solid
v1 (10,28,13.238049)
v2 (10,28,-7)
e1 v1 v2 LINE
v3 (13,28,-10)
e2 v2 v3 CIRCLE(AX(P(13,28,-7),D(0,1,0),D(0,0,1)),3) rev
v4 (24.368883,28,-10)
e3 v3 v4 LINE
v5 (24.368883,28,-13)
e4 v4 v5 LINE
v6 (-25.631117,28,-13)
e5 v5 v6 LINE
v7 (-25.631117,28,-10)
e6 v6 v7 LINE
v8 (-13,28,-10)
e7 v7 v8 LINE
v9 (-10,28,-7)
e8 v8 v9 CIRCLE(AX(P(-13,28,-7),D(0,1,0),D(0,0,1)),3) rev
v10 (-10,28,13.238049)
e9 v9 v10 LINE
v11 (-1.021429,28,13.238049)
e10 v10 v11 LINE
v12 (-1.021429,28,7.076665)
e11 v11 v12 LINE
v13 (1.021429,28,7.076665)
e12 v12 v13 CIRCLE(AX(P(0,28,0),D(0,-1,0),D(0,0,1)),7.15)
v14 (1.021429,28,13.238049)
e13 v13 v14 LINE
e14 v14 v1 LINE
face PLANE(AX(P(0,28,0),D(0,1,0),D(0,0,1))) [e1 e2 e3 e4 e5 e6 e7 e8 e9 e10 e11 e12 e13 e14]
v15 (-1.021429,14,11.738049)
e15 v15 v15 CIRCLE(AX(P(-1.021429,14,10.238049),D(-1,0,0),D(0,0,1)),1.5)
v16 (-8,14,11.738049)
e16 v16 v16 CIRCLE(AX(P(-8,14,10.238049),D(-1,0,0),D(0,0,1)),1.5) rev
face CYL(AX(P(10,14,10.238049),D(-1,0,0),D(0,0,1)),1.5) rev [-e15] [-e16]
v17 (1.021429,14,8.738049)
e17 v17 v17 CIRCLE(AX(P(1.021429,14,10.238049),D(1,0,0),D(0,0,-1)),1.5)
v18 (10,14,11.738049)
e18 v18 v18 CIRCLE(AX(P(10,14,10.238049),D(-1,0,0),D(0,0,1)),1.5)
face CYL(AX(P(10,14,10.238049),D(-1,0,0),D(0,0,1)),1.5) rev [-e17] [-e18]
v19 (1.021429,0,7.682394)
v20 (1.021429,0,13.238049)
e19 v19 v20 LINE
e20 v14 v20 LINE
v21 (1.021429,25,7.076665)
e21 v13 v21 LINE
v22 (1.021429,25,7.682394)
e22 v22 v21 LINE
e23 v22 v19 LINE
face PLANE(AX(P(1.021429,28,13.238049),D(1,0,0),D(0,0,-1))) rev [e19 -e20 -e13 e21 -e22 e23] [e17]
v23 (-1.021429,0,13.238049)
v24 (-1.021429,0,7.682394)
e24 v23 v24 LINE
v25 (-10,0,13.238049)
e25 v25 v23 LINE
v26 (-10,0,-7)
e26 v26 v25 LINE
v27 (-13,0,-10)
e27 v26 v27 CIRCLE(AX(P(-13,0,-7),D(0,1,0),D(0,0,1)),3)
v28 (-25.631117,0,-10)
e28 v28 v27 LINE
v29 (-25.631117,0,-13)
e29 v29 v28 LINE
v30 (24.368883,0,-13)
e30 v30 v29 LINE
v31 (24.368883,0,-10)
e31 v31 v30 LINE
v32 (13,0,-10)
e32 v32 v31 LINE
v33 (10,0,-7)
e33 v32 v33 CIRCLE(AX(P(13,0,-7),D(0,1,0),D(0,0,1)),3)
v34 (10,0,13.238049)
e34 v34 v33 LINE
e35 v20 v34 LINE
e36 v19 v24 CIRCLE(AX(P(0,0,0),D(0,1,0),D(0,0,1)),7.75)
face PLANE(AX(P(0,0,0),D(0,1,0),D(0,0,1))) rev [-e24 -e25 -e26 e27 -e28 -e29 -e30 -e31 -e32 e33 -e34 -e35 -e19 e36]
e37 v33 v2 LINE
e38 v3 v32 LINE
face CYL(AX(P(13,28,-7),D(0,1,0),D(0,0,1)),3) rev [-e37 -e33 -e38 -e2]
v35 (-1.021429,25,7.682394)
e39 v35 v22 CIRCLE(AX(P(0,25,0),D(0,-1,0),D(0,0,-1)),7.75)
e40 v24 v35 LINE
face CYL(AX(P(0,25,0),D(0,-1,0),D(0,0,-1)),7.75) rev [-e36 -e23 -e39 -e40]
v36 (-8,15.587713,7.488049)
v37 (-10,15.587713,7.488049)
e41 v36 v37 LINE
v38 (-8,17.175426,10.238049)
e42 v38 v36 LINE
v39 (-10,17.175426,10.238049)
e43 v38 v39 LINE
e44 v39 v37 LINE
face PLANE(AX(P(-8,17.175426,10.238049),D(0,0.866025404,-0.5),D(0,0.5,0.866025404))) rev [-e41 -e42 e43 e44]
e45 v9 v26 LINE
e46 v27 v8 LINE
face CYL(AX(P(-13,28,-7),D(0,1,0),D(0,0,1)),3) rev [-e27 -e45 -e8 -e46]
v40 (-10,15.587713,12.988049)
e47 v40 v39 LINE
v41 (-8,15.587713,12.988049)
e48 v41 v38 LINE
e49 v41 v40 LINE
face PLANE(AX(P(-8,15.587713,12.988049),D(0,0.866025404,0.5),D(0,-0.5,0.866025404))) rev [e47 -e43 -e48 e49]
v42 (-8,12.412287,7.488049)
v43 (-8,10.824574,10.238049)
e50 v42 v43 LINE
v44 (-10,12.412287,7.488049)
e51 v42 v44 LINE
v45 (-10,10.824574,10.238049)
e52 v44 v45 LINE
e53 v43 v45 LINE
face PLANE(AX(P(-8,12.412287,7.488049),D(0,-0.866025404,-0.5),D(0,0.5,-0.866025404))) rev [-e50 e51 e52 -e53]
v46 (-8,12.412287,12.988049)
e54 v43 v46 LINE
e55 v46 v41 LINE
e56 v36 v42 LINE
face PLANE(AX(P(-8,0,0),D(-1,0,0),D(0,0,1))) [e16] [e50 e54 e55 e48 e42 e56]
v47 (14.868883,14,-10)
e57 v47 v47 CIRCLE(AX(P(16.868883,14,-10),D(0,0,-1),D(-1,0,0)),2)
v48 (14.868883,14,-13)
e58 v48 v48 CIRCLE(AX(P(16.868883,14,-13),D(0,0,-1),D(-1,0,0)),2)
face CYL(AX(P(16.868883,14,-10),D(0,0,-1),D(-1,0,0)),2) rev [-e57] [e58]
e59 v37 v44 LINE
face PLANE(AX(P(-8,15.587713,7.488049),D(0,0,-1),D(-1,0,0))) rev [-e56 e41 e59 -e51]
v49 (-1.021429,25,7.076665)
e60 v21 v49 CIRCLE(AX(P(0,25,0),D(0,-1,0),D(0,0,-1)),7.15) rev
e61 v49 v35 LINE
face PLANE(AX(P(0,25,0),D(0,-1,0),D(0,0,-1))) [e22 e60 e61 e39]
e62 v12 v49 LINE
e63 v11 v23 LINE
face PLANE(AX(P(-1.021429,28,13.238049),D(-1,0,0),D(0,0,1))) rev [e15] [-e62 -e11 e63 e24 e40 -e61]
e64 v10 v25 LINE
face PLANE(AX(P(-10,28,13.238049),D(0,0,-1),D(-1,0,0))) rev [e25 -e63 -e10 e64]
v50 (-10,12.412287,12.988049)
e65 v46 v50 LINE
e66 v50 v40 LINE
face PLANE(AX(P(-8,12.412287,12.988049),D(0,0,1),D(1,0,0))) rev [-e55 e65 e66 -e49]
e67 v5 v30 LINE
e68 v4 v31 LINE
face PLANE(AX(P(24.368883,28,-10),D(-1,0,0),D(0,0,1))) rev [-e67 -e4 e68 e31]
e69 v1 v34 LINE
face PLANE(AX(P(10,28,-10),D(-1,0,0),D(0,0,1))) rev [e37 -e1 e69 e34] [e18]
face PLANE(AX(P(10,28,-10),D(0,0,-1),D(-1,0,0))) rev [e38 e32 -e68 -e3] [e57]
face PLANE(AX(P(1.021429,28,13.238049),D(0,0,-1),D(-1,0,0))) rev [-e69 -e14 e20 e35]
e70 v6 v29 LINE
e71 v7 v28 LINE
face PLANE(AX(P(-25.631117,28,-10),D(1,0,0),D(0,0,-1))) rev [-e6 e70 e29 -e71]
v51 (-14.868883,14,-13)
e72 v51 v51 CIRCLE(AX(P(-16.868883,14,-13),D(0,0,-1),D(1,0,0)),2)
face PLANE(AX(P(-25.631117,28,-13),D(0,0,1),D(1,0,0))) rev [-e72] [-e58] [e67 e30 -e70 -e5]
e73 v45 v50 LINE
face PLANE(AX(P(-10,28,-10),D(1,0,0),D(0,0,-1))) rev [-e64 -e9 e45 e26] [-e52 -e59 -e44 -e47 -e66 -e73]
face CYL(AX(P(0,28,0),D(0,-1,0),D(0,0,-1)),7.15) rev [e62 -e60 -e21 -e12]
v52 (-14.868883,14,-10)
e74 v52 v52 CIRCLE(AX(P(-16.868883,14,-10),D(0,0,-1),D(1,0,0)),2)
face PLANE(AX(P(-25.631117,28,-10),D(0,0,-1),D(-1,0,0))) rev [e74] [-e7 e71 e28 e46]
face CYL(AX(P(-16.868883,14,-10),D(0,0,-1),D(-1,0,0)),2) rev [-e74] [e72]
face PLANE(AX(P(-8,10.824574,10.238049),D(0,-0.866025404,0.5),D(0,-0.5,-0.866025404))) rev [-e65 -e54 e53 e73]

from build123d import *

# Parameters (mm, degrees)
BOSS_EXTRUDE1_DEPTH = 28
SKETCH2_R           = 1.5
CUT_EXTRUDE1_DEPTH  = 20
CUT_EXTRUDE2_DEPTH  = 2
SKETCH4_R           = 2
CUT_EXTRUDE3_DEPTH  = 3
FILLET1_R           = 3
FILLET2_R           = 3
SKETCH5_R           = 7.75
CUT_EXTRUDE4_DEPTH  = 25


with BuildPart() as part:
    # Sketch1 → Boss-Extrude1 (new body)
    with BuildSketch(Plane(origin=(0, 0, 0), x_dir=(1, 0, 0), z_dir=(0, 1, 0))):
        with BuildLine():
            Line((-25.631117397, 10), (-10, 10))
            Line((-10, 10), (-10, -13.238049007))
            Line((-10, -13.238049007), (-1.021428571, -13.238049007))
            Line((-1.021428571, -13.238049007), (-1.021428571, -7.076664728))
            ThreePointArc((-1.021428571, -7.076664728), (0, 7.15), (1.021428571, -7.076664728))
            Line((1.021428571, -7.076664728), (1.021428571, -13.238049007))
            Line((1.021428571, -13.238049007), (10, -13.238049007))
            Line((10, -13.238049007), (10, 10))
            Line((10, 10), (24.368882603, 10))
            Line((24.368882603, 10), (24.368882603, 13))
            Line((24.368882603, 13), (-25.631117397, 13))
            Line((-25.631117397, 13), (-25.631117397, 10))
        make_face()
    extrude(amount=BOSS_EXTRUDE1_DEPTH)

    # Sketch2 → Cut-Extrude1 (cut)
    with BuildSketch(Plane.ZY.offset(10)):
        with Locations((10.238049007, 14)):
            Circle(SKETCH2_R)
    extrude(amount=-CUT_EXTRUDE1_DEPTH, mode=Mode.SUBTRACT)

    # Sketch3 → Cut-Extrude2 (cut)
    with BuildSketch(Plane.ZY.offset(10)):
        Polygon((10.238049007, 17.175426481), (7.488049007, 15.58771324), (7.488049007, 12.41228676), (10.238049007, 10.824573519), (12.988049007, 12.41228676), (12.988049007, 15.58771324), align=None)
    extrude(amount=-CUT_EXTRUDE2_DEPTH, mode=Mode.SUBTRACT)

    # Sketch4 → Cut-Extrude3 (cut)
    with BuildSketch(Plane(origin=(0, 0, -13), x_dir=(-1, 0, 0), z_dir=(0, 0, -1))):
        with Locations((-16.868882603, 14)):
            Circle(SKETCH4_R)
        with Locations(Location((16.868882603, 14, 0), (0, 0, 180))):
            Circle(SKETCH4_R)
    extrude(amount=-CUT_EXTRUDE3_DEPTH, mode=Mode.SUBTRACT)

    # Fillet1
    fillet1_edges = [part.edges().sort_by_distance(p)[0] for p in [
        (10, 14, -10),
    ]]
    fillet(fillet1_edges, radius=FILLET1_R)

    # Fillet2
    fillet2_edges = [part.edges().sort_by_distance(p)[0] for p in [
        (-10, 14, -10),
    ]]
    fillet(fillet2_edges, radius=FILLET2_R)

    # Sketch5 → Cut-Extrude4 (cut)
    with BuildSketch(Plane.XZ):
        Circle(SKETCH5_R)
    extrude(amount=-CUT_EXTRUDE4_DEPTH, mode=Mode.SUBTRACT)


solid = part.part
